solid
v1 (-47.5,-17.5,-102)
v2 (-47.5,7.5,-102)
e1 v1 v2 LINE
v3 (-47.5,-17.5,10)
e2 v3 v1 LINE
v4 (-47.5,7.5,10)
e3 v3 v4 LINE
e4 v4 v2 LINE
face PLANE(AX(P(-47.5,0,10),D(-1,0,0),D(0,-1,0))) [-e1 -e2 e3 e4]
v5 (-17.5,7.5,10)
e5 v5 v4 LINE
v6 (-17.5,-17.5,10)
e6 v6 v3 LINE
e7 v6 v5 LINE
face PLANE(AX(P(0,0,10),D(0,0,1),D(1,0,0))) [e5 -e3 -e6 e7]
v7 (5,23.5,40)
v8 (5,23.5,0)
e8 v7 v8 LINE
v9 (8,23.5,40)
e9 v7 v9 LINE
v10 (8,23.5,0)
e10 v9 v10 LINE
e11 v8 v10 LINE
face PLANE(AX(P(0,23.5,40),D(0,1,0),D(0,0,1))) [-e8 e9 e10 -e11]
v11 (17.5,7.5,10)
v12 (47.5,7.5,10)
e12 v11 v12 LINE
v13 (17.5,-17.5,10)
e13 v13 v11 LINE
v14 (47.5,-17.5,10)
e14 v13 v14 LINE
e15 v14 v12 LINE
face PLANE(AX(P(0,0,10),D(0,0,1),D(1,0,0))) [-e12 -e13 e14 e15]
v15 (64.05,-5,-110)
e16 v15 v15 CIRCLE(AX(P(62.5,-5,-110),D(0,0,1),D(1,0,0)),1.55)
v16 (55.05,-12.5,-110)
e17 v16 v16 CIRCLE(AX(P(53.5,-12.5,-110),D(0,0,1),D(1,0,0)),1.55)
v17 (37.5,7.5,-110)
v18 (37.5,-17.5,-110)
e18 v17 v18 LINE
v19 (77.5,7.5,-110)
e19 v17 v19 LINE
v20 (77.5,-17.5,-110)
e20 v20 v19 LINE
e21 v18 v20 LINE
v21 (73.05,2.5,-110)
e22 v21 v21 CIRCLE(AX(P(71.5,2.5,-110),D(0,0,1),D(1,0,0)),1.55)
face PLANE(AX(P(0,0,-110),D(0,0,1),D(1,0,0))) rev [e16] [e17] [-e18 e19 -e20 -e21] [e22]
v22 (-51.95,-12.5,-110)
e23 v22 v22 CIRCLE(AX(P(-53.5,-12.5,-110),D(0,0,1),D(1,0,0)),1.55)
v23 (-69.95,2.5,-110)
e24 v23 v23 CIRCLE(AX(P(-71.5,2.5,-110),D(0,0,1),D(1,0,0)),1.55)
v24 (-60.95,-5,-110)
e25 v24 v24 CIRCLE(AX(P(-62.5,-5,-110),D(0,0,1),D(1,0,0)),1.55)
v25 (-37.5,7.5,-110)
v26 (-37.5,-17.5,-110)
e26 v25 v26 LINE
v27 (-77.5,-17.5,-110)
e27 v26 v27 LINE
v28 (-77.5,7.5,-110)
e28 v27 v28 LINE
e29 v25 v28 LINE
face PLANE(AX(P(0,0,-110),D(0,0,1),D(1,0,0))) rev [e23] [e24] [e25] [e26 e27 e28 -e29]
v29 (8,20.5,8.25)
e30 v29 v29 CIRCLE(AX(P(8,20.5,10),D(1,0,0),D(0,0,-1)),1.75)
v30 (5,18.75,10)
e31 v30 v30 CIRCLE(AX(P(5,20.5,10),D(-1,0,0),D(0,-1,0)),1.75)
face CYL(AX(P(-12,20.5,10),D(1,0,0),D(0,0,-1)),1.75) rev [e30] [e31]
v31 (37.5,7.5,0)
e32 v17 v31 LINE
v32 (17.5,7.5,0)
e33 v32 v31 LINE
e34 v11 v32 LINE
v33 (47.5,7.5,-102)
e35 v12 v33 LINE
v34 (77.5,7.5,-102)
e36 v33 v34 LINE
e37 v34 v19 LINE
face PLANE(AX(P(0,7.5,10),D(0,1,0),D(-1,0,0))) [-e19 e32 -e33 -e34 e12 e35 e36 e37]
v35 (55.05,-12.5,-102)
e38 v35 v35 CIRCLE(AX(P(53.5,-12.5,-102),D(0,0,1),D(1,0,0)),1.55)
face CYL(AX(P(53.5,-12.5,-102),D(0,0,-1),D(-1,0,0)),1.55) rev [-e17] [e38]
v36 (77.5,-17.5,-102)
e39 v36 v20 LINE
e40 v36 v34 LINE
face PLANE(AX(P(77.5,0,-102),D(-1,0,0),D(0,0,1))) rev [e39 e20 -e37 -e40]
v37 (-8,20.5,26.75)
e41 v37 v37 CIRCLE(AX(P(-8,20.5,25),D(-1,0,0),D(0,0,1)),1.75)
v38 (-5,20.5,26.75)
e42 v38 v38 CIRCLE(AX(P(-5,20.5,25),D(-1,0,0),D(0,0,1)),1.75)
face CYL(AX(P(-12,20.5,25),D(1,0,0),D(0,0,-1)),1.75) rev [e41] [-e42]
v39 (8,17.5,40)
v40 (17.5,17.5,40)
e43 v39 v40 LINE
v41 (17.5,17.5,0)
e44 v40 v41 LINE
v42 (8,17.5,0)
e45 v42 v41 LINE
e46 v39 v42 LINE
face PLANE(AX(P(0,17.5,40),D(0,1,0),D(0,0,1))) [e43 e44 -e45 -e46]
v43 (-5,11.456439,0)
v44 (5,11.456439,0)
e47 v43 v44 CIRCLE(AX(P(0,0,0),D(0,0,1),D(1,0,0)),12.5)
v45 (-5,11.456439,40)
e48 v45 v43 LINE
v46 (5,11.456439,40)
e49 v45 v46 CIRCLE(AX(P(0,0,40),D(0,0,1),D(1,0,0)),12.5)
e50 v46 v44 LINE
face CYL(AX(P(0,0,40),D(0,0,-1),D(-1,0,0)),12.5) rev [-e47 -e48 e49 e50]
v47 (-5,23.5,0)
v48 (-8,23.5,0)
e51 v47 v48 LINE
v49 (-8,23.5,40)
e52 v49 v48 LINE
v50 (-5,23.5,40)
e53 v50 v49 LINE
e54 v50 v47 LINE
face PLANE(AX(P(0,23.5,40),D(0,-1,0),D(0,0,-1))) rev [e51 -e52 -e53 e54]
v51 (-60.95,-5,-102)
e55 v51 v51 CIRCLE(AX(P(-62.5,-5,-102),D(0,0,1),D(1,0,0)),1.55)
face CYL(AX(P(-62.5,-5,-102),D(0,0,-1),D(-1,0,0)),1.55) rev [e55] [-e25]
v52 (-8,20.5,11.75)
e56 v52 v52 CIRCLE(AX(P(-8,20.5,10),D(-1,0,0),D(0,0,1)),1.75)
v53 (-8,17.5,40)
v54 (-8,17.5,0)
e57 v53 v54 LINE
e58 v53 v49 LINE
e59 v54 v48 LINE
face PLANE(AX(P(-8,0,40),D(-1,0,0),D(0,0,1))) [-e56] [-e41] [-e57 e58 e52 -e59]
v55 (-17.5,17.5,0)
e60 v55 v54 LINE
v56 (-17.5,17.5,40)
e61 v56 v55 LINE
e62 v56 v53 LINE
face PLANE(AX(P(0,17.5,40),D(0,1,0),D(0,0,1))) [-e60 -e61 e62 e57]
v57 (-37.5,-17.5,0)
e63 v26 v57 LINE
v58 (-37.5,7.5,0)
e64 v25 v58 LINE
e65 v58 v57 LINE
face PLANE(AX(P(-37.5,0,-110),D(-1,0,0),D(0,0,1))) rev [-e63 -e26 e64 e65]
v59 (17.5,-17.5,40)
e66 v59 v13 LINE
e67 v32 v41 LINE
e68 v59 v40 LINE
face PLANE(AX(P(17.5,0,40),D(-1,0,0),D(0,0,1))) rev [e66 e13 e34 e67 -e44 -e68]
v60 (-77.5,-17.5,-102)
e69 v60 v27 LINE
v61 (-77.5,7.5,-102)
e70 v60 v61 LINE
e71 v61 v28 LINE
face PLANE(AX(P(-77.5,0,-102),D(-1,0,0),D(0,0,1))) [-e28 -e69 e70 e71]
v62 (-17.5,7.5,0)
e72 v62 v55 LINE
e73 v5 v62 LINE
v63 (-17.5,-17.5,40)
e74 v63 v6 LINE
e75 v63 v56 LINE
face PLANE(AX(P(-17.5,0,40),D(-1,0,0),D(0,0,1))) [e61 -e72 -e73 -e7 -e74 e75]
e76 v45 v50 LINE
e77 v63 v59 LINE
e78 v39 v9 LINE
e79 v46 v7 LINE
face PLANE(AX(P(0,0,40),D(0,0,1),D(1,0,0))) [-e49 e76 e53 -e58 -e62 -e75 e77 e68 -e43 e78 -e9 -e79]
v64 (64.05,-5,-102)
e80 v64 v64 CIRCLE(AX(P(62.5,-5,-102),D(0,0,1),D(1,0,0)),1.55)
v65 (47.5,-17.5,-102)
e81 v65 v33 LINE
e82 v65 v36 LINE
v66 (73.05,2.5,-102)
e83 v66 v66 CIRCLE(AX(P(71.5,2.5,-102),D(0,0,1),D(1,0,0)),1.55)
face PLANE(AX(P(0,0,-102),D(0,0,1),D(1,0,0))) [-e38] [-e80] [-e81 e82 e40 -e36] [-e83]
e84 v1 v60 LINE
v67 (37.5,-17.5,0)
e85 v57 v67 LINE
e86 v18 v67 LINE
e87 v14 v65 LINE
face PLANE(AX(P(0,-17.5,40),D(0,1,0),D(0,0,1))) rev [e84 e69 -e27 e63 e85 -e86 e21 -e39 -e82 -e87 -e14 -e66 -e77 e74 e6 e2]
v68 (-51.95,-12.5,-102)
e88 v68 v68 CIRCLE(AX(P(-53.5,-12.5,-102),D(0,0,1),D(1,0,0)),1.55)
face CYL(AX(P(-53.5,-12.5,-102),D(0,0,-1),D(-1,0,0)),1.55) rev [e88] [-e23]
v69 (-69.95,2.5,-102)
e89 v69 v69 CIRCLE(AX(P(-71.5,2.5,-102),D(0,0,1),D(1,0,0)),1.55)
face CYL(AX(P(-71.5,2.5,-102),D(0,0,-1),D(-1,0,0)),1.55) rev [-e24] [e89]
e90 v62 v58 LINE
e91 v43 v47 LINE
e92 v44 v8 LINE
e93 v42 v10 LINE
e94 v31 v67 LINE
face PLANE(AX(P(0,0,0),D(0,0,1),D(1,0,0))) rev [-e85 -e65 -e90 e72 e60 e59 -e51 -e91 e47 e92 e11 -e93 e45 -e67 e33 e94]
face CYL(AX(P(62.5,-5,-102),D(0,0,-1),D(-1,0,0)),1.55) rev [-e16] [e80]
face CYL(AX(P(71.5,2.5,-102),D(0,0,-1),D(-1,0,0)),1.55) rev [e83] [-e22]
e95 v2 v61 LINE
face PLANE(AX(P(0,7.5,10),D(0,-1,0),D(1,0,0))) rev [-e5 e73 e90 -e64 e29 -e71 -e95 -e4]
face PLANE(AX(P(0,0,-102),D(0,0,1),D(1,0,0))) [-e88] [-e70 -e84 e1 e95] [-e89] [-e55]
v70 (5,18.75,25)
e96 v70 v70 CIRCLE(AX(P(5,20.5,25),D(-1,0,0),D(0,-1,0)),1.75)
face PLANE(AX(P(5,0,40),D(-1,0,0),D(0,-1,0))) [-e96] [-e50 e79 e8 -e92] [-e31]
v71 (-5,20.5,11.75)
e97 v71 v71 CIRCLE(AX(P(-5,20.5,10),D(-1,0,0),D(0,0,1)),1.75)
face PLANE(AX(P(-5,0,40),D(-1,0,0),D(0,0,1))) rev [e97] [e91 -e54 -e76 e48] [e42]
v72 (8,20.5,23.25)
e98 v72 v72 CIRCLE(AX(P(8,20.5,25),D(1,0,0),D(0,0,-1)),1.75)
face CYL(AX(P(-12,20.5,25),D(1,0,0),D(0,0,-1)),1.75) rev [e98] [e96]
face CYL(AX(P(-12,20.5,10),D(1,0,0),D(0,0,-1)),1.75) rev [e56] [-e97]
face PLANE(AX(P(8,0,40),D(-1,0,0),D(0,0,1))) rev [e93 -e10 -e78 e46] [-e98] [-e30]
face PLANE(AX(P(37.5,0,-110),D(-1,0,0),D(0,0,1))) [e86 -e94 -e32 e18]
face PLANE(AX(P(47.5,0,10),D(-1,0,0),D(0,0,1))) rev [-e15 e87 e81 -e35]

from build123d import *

# Parameters (mm, degrees)
SKETCH1_W           = 3
SKETCH1_H           = 6
BOSS_EXTRUDE1_DEPTH = 40
SKETCH2_R           = 1.75
CUT_EXTRUDE1_DEPTH  = 20
SKETCH1_3_W         = 30
SKETCH1_3_H         = 25
BOSS_EXTRUDE2_DEPTH = 10
SKETCH1_5_W         = 10
SKETCH1_5_H         = 25
BOSS_EXTRUDE3_DEPTH = 110
BOSS_EXTRUDE8_START = -110
SKETCH1_8_W         = 30
SKETCH1_8_H         = 25
SKETCH1_8_R         = 1.55
BOSS_EXTRUDE8_DEPTH = 8


with BuildPart() as part:
    # Sketch1 → Boss-Extrude1 (new body)
    with BuildSketch(Plane.XY):
        with BuildLine():
            Line((5, 17.5), (5, 11.456439237))
            ThreePointArc((5, 11.456439237), (10.458250332, 6.846531969), (12.5, 0))
            ThreePointArc((12.5, 0), (-6.846531969, -10.458250332), (-5, 11.456439237))
            Line((-5, 11.456439237), (-5, 17.5))
            Line((-5, 17.5), (-8, 17.5))
            Line((-8, 17.5), (-17.5, 17.5))
            Line((-17.5, 17.5), (-17.5, 7.5))
            Line((-17.5, 7.5), (-17.5, -17.5))
            Line((-17.5, -17.5), (17.5, -17.5))
            Line((17.5, -17.5), (17.5, 7.5))
            Line((17.5, 7.5), (17.5, 17.5))
            Line((17.5, 17.5), (8, 17.5))
            Line((8, 17.5), (5, 17.5))
        make_face()
        with Locations((-6.5, 20.5)):
            Rectangle(SKETCH1_W, SKETCH1_H)
        with Locations((6.5, 20.5)):
            Rectangle(SKETCH1_W, SKETCH1_H)
    extrude(amount=BOSS_EXTRUDE1_DEPTH)

    # Sketch2 → Cut-Extrude1 (cut)
    with BuildSketch(Plane(origin=(8, 0, 0), x_dir=(0, 0, -1), z_dir=(1, 0, 0))):
        with Locations((-25, 20.5)):
            Circle(SKETCH2_R)
        with Locations((-10, 20.5)):
            Circle(SKETCH2_R)
    extrude(amount=-CUT_EXTRUDE1_DEPTH, mode=Mode.SUBTRACT)

    # Sketch1<3> → Boss-Extrude2 (add)
    with BuildSketch(Plane.XY):
        with Locations((32.5, -5)):
            Rectangle(SKETCH1_3_W, SKETCH1_3_H)
        with Locations((-32.5, -5)):
            Rectangle(SKETCH1_3_W, SKETCH1_3_H)
    extrude(amount=BOSS_EXTRUDE2_DEPTH)

    # Sketch1<5> → Boss-Extrude3 (add)
    with BuildSketch(Plane.XY):
        with Locations((-42.5, -5)):
            Rectangle(SKETCH1_5_W, SKETCH1_5_H)
        with Locations((42.5, -5)):
            Rectangle(SKETCH1_5_W, SKETCH1_5_H)
    extrude(amount=-BOSS_EXTRUDE3_DEPTH)

    # Sketch1<8> → Boss-Extrude8 (add)
    with BuildSketch(Plane.XY.offset(BOSS_EXTRUDE8_START)):
        with Locations((62.5, -5)):
            Rectangle(SKETCH1_8_W, SKETCH1_8_H)
        with Locations((53.5, -12.5)):
            Circle(SKETCH1_8_R, mode=Mode.SUBTRACT)
        with Locations((62.5, -5)):
            Circle(SKETCH1_8_R, mode=Mode.SUBTRACT)
        with Locations((71.5, 2.5)):
            Circle(SKETCH1_8_R, mode=Mode.SUBTRACT)
        with Locations((-62.5, -5)):
            Rectangle(SKETCH1_8_W, SKETCH1_8_H)
        with Locations((-53.5, -12.5)):
            Circle(SKETCH1_8_R, mode=Mode.SUBTRACT)
        with Locations((-62.5, -5)):
            Circle(SKETCH1_8_R, mode=Mode.SUBTRACT)
        with Locations((-71.5, 2.5)):
            Circle(SKETCH1_8_R, mode=Mode.SUBTRACT)
    extrude(amount=BOSS_EXTRUDE8_DEPTH)


solid = part.part
